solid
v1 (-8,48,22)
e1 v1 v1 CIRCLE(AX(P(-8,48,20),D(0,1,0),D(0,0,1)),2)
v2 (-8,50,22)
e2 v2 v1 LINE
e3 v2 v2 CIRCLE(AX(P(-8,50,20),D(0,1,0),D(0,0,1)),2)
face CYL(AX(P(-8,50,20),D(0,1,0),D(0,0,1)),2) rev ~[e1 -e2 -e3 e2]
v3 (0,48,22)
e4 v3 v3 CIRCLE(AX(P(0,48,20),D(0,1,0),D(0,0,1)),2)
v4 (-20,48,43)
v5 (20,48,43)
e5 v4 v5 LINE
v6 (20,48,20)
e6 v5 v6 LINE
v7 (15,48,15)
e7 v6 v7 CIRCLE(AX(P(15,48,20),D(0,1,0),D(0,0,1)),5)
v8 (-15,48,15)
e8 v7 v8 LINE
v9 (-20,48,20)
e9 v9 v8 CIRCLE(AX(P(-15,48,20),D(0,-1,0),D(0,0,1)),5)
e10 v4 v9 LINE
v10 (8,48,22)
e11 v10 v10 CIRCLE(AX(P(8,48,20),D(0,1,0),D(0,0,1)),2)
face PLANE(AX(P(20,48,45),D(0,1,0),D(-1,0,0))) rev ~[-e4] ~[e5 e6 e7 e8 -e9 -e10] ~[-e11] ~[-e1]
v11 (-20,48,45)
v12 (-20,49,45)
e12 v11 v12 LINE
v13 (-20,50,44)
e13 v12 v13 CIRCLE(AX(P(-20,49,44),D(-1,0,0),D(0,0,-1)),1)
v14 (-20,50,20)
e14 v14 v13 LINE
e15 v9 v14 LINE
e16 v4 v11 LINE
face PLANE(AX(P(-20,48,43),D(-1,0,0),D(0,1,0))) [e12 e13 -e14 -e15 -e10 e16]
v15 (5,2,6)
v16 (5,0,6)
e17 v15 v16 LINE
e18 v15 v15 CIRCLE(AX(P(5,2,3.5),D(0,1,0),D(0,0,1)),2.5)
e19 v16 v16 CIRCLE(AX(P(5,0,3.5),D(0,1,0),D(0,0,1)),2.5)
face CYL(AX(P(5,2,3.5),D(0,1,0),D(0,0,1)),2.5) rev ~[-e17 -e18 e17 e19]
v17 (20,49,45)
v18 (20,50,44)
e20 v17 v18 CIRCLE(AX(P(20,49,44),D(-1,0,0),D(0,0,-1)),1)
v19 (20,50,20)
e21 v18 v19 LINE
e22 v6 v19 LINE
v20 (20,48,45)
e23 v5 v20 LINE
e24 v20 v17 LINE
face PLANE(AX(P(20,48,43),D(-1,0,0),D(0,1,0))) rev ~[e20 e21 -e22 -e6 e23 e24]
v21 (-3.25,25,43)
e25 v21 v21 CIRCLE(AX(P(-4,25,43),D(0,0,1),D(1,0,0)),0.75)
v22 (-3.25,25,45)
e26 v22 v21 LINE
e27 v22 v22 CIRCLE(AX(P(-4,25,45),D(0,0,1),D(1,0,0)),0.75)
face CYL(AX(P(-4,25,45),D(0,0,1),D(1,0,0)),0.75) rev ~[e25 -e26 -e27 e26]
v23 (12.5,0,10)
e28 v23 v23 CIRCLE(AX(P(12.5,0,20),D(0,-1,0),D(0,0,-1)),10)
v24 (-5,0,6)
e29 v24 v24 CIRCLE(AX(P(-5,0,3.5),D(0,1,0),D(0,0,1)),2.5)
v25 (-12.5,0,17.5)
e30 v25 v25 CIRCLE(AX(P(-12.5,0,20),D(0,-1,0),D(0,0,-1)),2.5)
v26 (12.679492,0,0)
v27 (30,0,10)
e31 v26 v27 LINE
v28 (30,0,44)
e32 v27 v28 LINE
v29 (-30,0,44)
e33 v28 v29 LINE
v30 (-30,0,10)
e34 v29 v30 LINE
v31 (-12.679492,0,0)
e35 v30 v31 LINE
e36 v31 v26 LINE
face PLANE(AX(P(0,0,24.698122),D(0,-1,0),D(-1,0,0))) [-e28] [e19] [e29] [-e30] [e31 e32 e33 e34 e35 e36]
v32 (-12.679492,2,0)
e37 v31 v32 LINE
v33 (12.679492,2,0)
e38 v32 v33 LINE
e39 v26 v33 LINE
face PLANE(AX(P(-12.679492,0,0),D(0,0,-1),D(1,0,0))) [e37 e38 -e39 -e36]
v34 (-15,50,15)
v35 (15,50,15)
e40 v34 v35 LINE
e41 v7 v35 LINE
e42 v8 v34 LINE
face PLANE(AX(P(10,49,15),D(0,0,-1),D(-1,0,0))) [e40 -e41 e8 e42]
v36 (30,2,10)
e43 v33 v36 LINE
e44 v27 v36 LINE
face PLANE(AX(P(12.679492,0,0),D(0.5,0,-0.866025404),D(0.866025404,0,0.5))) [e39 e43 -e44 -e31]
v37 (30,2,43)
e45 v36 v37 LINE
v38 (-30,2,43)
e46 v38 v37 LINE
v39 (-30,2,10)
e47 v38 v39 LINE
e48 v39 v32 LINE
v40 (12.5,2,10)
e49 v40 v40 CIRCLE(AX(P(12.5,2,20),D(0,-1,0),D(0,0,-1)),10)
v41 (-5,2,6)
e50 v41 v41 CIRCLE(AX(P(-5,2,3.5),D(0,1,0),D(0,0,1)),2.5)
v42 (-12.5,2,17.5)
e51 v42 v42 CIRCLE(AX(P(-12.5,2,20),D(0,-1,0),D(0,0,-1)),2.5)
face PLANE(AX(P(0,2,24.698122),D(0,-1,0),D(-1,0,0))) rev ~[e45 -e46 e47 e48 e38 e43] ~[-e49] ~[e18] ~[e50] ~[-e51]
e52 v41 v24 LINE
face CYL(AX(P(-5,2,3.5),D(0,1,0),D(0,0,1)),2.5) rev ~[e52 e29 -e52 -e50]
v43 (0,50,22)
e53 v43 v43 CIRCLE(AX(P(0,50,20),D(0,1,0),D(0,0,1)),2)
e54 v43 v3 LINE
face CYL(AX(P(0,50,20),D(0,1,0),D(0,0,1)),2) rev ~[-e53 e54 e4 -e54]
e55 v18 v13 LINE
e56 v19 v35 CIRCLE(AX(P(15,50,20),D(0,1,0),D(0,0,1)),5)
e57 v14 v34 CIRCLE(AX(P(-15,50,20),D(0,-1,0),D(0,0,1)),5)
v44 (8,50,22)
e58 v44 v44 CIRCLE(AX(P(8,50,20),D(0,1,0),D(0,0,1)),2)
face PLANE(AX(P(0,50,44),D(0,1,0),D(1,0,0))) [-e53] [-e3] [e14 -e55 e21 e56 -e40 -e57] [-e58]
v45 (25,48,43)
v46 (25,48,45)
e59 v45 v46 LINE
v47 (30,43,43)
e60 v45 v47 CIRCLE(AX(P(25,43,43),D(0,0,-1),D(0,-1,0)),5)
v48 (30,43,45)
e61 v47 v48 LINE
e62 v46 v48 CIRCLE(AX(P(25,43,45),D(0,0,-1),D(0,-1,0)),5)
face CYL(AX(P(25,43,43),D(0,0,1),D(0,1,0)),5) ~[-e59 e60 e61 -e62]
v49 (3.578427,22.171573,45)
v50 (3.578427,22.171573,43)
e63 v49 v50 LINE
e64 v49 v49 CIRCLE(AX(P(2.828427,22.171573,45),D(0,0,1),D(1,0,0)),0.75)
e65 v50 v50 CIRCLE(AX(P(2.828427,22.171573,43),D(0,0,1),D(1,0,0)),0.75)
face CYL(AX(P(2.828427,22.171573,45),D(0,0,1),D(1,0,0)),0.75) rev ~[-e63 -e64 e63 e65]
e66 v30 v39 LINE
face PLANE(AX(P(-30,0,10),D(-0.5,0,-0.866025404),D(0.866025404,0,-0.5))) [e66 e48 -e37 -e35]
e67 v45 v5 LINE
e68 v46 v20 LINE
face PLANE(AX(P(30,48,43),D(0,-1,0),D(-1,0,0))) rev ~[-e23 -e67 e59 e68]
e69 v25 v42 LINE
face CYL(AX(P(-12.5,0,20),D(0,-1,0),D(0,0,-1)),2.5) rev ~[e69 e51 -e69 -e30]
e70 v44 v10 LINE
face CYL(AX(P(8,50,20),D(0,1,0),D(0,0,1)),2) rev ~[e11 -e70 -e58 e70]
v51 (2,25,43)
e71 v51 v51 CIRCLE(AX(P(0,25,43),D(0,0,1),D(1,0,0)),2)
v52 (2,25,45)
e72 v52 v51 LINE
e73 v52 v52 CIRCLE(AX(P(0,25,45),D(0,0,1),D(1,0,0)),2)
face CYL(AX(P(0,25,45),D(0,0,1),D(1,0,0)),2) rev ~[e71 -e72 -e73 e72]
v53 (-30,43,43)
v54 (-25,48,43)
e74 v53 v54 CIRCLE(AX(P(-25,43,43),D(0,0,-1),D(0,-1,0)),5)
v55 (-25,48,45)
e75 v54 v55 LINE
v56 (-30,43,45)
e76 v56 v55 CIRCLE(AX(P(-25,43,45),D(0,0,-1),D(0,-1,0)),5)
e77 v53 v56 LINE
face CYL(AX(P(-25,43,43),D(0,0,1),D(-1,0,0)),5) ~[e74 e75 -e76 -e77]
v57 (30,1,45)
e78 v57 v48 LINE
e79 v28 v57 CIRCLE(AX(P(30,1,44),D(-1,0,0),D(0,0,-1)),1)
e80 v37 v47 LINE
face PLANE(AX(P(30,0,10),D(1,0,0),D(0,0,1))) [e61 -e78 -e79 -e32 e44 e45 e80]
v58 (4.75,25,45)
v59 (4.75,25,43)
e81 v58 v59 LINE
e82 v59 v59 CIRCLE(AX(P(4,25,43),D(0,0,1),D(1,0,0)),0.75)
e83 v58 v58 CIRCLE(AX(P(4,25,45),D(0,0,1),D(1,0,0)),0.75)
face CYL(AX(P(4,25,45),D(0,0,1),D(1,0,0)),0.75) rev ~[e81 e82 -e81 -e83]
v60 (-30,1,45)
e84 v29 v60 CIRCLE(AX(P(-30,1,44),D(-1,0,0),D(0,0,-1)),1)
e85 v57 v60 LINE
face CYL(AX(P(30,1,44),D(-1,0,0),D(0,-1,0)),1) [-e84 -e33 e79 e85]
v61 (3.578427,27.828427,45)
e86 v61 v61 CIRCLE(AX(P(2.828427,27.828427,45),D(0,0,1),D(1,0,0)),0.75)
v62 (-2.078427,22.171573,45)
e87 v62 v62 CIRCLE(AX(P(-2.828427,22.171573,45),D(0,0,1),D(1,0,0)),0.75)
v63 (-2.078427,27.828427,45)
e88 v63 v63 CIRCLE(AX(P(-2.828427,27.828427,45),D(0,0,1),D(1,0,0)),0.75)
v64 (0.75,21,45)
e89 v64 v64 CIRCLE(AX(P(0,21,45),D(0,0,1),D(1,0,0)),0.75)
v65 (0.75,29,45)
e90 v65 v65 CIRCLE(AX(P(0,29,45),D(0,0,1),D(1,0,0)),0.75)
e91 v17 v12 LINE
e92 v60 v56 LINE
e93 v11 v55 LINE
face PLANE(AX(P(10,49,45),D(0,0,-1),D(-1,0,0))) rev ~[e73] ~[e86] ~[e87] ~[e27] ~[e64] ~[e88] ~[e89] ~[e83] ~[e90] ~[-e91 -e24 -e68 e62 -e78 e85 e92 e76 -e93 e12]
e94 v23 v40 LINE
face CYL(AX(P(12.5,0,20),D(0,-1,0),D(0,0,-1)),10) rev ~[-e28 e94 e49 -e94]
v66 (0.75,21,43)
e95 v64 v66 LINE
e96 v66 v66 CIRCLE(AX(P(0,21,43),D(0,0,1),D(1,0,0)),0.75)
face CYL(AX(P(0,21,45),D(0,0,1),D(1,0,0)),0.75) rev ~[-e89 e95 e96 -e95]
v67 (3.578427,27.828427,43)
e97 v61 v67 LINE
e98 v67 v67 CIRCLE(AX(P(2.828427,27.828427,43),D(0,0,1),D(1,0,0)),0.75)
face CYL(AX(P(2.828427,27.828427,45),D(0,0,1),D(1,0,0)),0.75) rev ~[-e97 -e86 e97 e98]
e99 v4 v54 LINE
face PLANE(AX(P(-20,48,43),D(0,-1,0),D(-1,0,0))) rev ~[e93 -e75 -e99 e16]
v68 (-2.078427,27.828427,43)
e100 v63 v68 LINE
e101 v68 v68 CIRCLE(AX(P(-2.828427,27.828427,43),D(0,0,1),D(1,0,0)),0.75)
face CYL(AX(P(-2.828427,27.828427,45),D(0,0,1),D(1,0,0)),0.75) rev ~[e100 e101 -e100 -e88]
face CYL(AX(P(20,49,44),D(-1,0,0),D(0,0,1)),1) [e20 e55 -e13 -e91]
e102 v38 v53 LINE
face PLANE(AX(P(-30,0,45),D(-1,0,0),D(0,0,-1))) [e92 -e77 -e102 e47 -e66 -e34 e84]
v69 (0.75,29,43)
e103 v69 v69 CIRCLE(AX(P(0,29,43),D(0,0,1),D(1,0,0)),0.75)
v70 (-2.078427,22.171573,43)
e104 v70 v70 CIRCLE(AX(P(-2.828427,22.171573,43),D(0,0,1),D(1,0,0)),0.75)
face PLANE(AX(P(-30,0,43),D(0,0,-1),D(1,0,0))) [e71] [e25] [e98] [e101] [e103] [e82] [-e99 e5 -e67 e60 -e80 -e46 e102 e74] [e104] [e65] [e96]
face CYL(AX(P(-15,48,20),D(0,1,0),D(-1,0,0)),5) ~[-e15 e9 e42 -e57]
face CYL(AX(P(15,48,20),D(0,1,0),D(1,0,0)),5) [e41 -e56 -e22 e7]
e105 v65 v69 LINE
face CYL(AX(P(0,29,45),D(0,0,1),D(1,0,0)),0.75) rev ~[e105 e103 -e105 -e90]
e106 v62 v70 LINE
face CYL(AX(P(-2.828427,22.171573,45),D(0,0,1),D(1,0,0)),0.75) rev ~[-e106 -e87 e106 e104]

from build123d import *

# Parameters (mm, degrees)
EXTRUDE_1_DEPTH     = 2
EXTRUDE_START       = -2
SKETCH_2_W          = 60
SKETCH_2_H          = 2
EXTRUDE_2_DEPTH     = 50
FILLET_1_R          = 1
SKETCH_3_W          = 20
SKETCH_3_H          = 2
EXTRUDE_4_DEPTH     = 30
SKETCH_3_3_W        = 10
SKETCH_3_3_H        = 2
CUT_EXTRUDE_1_DEPTH = 30
FILLET_4_R          = 5
FILLET_5_R          = 1
SKETCH_4_R          = 2
CUT_EXTRUDE_2_DEPTH = 30
FILLET_6_R          = 5
SKETCH_5_R          = 2.5
SKETCH_5_R_2        = 10
CUT_EXTRUDE_4_DEPTH = 30
SKETCH_6_R          = 2.5
CUT_EXTRUDE_5_DEPTH = 10
SKETCH_7_R          = 2
SKETCH_7_R_2        = 0.75
CUT_EXTRUDE_6_DEPTH = 10


with BuildPart() as part:
    # 草图1 → 凸台-拉伸1 (new body)
    with BuildSketch(Plane(origin=(0, 0, 0), x_dir=(1, 0, 0), z_dir=(0, 1, 0))):
        Polygon((-12.679491924, 0), (12.679491924, 0), (30, -10), (30, -45), (-30, -45), (-30, -10), align=None)
    extrude(amount=EXTRUDE_1_DEPTH)

    # 草图2 → 凸台-拉伸2 (add)
    with BuildSketch(Plane(origin=(0, 2, 0), x_dir=(1, 0, 0), z_dir=(0, 1, 0)).offset(EXTRUDE_START)):
        with Locations((0, -44)):
            Rectangle(SKETCH_2_W, SKETCH_2_H)
    extrude(amount=EXTRUDE_2_DEPTH)

    # 圆角1
    fillet_1_edges = [part.edges().sort_by_distance(p)[0] for p in [
        (0, 0, 45),
    ]]
    fillet(fillet_1_edges, radius=FILLET_1_R)

    # 草图3 → 凸台-拉伸4 (add)
    with BuildSketch(Plane(origin=(0, 0, 43), x_dir=(-1, 0, 0), z_dir=(0, 0, -1)).offset(EXTRUDE_START)):
        with Locations((-10, 49)):
            Rectangle(SKETCH_3_W, SKETCH_3_H)
        with Locations((10, 49)):
            Rectangle(SKETCH_3_W, SKETCH_3_H)
    extrude(amount=EXTRUDE_4_DEPTH)

    # 草图3<3> → 切除-拉伸1 (cut)
    with BuildSketch(Plane(origin=(0, 0, 43), x_dir=(-1, 0, 0), z_dir=(0, 0, -1))):
        with Locations((-25, 49)):
            Rectangle(SKETCH_3_3_W, SKETCH_3_3_H)
        with Locations((25, 49)):
            Rectangle(SKETCH_3_3_W, SKETCH_3_3_H)
    extrude(amount=-CUT_EXTRUDE_1_DEPTH, mode=Mode.SUBTRACT)

    # 圆角4
    fillet_4_edges = [part.edges().sort_by_distance(p)[0] for p in [
        (30, 48, 44),
        (-30, 48, 44),
    ]]
    fillet(fillet_4_edges, radius=FILLET_4_R)

    # 圆角5
    fillet_5_edges = [part.edges().sort_by_distance(p)[0] for p in [
        (0, 50, 45),
    ]]
    fillet(fillet_5_edges, radius=FILLET_5_R)

    # 草图4 → 切除-拉伸2 (cut)
    with BuildSketch(Plane(origin=(0, 50, 0), x_dir=(1, 0, 0), z_dir=(0, 1, 0))):
        with Locations(Location((0, -20, 0), (0, 0, 270))):
            Circle(SKETCH_4_R)
        with Locations(Location((-8, -20, 0), (0, 0, 270))):
            Circle(SKETCH_4_R)
        with Locations(Location((8, -20, 0), (0, 0, 270))):
            Circle(SKETCH_4_R)
    extrude(amount=-CUT_EXTRUDE_2_DEPTH, mode=Mode.SUBTRACT)

    # 圆角6
    fillet_6_edges = [part.edges().sort_by_distance(p)[0] for p in [
        (-20, 49, 15),
        (20, 49, 15),
    ]]
    fillet(fillet_6_edges, radius=FILLET_6_R)

    # 草图5 → 切除-拉伸4 (cut)
    with BuildSketch(Plane.XZ):
        with Locations(Location((-12.5, 20, 0), (0, 0, 270))):
            Circle(SKETCH_5_R)
        with Locations(Location((12.5, 20, 0), (0, 0, 270))):
            Circle(SKETCH_5_R_2)
    extrude(amount=-CUT_EXTRUDE_4_DEPTH, mode=Mode.SUBTRACT)

    # 草图6 → 切除-拉伸5 (cut)
    with BuildSketch(Plane(origin=(0, 2, 0), x_dir=(1, 0, 0), z_dir=(0, 1, 0))):
        with Locations(Location((5, -3.5, 0), (0, 0, 270))):
            Circle(SKETCH_6_R)
        with Locations(Location((-5, -3.5, 0), (0, 0, 270))):
            Circle(SKETCH_6_R)
    extrude(amount=-CUT_EXTRUDE_5_DEPTH, mode=Mode.SUBTRACT)

    # 草图7 → 切除-拉伸6 (cut)
    with BuildSketch(Plane.XY.offset(45)):
        with Locations((0, 25)):
            Circle(SKETCH_7_R)
        with Locations((0, 29)):
            Circle(SKETCH_7_R_2)
        with Locations((2.828427125, 27.828427125)):
            Circle(SKETCH_7_R_2)
        with Locations((4, 25)):
            Circle(SKETCH_7_R_2)
        with Locations((2.828427125, 22.171572875)):
            Circle(SKETCH_7_R_2)
        with Locations((0, 21)):
            Circle(SKETCH_7_R_2)
        with Locations((-2.828427125, 22.171572875)):
            Circle(SKETCH_7_R_2)
        with Locations((-4, 25)):
            Circle(SKETCH_7_R_2)
        with Locations((-2.828427125, 27.828427125)):
            Circle(SKETCH_7_R_2)
    extrude(amount=-CUT_EXTRUDE_6_DEPTH, mode=Mode.SUBTRACT)


solid = part.part
